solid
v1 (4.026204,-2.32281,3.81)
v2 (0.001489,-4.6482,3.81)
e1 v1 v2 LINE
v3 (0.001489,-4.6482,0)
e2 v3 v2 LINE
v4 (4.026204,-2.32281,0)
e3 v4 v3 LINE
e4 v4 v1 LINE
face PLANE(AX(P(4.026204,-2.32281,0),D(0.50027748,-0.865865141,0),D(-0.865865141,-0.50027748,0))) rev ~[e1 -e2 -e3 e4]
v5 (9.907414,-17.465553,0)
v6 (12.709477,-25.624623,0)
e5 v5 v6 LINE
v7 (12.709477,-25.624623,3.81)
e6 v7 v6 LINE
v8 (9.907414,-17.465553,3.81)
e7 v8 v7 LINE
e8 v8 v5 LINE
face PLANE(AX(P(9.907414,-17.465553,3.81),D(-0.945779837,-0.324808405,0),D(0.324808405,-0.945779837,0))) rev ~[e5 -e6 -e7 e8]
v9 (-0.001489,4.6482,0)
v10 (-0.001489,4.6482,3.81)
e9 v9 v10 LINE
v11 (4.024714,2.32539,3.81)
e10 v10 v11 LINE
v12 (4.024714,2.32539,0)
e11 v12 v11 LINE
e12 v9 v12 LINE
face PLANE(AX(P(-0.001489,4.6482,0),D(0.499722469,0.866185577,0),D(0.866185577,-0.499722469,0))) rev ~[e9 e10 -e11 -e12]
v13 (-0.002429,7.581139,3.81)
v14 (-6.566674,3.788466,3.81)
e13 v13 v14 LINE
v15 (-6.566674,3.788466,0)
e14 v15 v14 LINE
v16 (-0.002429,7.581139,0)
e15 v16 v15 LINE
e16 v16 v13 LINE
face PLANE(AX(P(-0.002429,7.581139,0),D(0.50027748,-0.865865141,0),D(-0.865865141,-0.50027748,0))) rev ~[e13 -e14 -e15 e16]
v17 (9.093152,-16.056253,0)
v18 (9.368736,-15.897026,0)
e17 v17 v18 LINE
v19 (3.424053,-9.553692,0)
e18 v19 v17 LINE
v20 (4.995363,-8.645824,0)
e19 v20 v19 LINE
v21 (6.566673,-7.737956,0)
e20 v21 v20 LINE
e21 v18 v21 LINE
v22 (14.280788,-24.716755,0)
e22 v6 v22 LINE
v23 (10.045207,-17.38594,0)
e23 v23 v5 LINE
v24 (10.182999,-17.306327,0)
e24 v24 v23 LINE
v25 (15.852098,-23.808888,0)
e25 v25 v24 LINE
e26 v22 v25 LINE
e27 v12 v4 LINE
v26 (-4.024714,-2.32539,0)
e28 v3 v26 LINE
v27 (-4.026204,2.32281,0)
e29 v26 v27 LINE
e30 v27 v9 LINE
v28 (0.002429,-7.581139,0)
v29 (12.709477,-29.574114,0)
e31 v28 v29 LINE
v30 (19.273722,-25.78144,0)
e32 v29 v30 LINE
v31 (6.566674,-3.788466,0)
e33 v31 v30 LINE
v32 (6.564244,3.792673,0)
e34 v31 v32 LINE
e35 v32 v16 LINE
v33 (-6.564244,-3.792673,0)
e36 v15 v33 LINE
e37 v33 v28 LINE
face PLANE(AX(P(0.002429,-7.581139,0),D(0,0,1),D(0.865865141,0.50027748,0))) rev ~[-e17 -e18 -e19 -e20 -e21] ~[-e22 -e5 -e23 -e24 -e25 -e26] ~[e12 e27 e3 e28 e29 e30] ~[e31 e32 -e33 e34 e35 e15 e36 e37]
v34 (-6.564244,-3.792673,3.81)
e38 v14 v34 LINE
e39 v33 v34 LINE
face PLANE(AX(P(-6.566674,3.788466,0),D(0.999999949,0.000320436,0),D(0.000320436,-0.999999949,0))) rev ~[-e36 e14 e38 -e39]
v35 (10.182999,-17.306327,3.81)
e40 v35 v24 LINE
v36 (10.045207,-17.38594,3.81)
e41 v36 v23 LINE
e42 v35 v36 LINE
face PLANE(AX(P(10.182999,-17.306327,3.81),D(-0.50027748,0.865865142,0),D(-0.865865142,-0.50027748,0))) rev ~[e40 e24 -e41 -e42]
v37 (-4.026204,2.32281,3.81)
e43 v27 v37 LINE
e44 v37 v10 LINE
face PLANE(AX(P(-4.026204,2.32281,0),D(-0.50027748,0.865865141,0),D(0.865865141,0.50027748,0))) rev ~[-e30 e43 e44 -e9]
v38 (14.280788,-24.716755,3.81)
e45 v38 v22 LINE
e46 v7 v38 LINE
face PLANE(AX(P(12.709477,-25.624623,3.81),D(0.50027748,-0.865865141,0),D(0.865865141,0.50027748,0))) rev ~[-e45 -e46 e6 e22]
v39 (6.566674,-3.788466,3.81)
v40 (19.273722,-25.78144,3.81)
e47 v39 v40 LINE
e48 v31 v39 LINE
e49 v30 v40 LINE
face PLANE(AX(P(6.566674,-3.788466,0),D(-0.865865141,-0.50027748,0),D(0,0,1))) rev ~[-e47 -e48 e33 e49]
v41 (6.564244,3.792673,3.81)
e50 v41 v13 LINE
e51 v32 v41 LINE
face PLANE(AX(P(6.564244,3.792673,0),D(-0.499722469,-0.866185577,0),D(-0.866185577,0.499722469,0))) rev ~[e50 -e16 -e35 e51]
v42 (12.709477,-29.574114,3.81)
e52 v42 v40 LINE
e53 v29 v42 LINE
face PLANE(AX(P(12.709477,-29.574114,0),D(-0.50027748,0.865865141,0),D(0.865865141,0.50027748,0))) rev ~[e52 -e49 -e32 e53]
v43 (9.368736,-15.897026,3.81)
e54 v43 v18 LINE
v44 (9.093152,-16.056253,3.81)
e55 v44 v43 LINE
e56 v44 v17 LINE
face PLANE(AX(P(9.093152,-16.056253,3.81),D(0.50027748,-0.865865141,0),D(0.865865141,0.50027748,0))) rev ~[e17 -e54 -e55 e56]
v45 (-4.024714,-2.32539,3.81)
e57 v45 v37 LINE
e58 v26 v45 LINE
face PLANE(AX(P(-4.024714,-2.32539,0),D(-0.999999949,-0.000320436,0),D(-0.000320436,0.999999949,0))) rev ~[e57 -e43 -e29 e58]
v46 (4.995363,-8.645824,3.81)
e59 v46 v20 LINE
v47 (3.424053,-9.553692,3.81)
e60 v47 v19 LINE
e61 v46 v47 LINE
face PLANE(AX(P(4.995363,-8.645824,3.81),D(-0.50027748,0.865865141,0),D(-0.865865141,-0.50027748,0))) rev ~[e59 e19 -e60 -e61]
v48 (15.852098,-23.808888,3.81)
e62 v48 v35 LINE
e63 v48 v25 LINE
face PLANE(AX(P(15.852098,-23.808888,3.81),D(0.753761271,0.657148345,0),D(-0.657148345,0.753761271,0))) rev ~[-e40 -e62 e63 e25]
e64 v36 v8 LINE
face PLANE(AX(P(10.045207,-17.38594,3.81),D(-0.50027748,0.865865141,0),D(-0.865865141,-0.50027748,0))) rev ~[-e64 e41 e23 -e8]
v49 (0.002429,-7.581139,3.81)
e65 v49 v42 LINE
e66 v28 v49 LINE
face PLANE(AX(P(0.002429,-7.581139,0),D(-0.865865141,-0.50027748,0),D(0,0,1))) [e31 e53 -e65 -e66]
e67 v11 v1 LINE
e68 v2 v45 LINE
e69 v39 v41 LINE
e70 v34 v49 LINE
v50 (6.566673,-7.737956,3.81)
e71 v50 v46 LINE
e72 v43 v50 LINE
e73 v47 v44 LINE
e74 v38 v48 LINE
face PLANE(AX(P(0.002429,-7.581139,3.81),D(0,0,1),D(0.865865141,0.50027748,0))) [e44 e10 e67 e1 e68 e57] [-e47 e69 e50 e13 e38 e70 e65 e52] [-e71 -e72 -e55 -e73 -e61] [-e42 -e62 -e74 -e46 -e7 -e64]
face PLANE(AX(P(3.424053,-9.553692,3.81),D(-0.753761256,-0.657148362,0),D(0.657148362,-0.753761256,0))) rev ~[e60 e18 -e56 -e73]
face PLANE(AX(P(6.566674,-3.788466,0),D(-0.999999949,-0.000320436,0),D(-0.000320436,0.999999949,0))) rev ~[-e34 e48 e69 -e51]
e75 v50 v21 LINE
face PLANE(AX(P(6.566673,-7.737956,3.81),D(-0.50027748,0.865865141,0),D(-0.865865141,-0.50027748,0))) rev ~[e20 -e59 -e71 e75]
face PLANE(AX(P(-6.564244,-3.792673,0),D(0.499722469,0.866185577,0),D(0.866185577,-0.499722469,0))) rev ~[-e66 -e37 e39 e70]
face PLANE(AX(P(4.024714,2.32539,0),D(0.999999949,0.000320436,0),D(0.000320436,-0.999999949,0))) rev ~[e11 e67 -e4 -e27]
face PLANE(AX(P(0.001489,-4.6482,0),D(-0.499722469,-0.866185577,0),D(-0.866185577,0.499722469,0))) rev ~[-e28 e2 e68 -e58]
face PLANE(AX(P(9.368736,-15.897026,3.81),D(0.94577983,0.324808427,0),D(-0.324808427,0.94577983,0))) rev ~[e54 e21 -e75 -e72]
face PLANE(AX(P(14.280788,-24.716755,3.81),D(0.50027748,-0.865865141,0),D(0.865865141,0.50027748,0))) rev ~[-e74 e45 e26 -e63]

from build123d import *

# Parameters (mm, degrees)
F1_DEPTH = 3.81
F2_DEPTH = 25.4
F4_DEPTH = 25.4


with BuildPart() as f1:
    # F0 (on Top) → F1 (new body)
    with BuildSketch(Plane.XY):
        Polygon((6.5642443103, 3.7926732977), (-0.0024292689, 7.5811389783), (-6.5666735793, 3.7884656805), (-6.5642443103, -3.7926732977), (0.0024292689, -7.5811389783), (6.5666735793, -3.7884656805), align=None)
        Polygon((-4.0262038002, 2.3228099792), (-0.00148945, 4.6481997614), (4.0247143502, 2.3253897822), (4.0262038002, -2.3228099792), (0.00148945, -4.6481997614), (-4.0247143502, -2.3253897822), align=None, mode=Mode.SUBTRACT)
    extrude(amount=F1_DEPTH)

    # F2 (add): a face of the model
    f2_faces = [f1.faces().sort_by_distance(p)[0] for p in [
        (3.2845514241, -5.6848023294, 1.905),
    ]]
    extrude(f2_faces, amount=F2_DEPTH)

    # F3 (on face) → F4 (cut)
    with BuildSketch(Plane.XY.offset(3.81)):
        Polygon((3.4240530816, -9.5536917259), (9.0931520865, -16.0562525411), (9.3687364086, -15.8970260939), (6.5666733931, -7.7379561169), (4.9953633304, -8.6458238677), align=None)
        Polygon((9.9074144135, -17.4655531656), (12.7094772591, -25.6246232408), (14.2807875079, -24.7167553825), (10.0452065827, -17.3859399373), align=None)
        Polygon((10.0452065827, -17.3859399373), (14.2807875079, -24.7167553825), (15.8520975706, -23.8088876318), (10.1829987356, -17.3063267185), align=None)
    extrude(amount=-F4_DEPTH, mode=Mode.SUBTRACT)


solid = f1.part
